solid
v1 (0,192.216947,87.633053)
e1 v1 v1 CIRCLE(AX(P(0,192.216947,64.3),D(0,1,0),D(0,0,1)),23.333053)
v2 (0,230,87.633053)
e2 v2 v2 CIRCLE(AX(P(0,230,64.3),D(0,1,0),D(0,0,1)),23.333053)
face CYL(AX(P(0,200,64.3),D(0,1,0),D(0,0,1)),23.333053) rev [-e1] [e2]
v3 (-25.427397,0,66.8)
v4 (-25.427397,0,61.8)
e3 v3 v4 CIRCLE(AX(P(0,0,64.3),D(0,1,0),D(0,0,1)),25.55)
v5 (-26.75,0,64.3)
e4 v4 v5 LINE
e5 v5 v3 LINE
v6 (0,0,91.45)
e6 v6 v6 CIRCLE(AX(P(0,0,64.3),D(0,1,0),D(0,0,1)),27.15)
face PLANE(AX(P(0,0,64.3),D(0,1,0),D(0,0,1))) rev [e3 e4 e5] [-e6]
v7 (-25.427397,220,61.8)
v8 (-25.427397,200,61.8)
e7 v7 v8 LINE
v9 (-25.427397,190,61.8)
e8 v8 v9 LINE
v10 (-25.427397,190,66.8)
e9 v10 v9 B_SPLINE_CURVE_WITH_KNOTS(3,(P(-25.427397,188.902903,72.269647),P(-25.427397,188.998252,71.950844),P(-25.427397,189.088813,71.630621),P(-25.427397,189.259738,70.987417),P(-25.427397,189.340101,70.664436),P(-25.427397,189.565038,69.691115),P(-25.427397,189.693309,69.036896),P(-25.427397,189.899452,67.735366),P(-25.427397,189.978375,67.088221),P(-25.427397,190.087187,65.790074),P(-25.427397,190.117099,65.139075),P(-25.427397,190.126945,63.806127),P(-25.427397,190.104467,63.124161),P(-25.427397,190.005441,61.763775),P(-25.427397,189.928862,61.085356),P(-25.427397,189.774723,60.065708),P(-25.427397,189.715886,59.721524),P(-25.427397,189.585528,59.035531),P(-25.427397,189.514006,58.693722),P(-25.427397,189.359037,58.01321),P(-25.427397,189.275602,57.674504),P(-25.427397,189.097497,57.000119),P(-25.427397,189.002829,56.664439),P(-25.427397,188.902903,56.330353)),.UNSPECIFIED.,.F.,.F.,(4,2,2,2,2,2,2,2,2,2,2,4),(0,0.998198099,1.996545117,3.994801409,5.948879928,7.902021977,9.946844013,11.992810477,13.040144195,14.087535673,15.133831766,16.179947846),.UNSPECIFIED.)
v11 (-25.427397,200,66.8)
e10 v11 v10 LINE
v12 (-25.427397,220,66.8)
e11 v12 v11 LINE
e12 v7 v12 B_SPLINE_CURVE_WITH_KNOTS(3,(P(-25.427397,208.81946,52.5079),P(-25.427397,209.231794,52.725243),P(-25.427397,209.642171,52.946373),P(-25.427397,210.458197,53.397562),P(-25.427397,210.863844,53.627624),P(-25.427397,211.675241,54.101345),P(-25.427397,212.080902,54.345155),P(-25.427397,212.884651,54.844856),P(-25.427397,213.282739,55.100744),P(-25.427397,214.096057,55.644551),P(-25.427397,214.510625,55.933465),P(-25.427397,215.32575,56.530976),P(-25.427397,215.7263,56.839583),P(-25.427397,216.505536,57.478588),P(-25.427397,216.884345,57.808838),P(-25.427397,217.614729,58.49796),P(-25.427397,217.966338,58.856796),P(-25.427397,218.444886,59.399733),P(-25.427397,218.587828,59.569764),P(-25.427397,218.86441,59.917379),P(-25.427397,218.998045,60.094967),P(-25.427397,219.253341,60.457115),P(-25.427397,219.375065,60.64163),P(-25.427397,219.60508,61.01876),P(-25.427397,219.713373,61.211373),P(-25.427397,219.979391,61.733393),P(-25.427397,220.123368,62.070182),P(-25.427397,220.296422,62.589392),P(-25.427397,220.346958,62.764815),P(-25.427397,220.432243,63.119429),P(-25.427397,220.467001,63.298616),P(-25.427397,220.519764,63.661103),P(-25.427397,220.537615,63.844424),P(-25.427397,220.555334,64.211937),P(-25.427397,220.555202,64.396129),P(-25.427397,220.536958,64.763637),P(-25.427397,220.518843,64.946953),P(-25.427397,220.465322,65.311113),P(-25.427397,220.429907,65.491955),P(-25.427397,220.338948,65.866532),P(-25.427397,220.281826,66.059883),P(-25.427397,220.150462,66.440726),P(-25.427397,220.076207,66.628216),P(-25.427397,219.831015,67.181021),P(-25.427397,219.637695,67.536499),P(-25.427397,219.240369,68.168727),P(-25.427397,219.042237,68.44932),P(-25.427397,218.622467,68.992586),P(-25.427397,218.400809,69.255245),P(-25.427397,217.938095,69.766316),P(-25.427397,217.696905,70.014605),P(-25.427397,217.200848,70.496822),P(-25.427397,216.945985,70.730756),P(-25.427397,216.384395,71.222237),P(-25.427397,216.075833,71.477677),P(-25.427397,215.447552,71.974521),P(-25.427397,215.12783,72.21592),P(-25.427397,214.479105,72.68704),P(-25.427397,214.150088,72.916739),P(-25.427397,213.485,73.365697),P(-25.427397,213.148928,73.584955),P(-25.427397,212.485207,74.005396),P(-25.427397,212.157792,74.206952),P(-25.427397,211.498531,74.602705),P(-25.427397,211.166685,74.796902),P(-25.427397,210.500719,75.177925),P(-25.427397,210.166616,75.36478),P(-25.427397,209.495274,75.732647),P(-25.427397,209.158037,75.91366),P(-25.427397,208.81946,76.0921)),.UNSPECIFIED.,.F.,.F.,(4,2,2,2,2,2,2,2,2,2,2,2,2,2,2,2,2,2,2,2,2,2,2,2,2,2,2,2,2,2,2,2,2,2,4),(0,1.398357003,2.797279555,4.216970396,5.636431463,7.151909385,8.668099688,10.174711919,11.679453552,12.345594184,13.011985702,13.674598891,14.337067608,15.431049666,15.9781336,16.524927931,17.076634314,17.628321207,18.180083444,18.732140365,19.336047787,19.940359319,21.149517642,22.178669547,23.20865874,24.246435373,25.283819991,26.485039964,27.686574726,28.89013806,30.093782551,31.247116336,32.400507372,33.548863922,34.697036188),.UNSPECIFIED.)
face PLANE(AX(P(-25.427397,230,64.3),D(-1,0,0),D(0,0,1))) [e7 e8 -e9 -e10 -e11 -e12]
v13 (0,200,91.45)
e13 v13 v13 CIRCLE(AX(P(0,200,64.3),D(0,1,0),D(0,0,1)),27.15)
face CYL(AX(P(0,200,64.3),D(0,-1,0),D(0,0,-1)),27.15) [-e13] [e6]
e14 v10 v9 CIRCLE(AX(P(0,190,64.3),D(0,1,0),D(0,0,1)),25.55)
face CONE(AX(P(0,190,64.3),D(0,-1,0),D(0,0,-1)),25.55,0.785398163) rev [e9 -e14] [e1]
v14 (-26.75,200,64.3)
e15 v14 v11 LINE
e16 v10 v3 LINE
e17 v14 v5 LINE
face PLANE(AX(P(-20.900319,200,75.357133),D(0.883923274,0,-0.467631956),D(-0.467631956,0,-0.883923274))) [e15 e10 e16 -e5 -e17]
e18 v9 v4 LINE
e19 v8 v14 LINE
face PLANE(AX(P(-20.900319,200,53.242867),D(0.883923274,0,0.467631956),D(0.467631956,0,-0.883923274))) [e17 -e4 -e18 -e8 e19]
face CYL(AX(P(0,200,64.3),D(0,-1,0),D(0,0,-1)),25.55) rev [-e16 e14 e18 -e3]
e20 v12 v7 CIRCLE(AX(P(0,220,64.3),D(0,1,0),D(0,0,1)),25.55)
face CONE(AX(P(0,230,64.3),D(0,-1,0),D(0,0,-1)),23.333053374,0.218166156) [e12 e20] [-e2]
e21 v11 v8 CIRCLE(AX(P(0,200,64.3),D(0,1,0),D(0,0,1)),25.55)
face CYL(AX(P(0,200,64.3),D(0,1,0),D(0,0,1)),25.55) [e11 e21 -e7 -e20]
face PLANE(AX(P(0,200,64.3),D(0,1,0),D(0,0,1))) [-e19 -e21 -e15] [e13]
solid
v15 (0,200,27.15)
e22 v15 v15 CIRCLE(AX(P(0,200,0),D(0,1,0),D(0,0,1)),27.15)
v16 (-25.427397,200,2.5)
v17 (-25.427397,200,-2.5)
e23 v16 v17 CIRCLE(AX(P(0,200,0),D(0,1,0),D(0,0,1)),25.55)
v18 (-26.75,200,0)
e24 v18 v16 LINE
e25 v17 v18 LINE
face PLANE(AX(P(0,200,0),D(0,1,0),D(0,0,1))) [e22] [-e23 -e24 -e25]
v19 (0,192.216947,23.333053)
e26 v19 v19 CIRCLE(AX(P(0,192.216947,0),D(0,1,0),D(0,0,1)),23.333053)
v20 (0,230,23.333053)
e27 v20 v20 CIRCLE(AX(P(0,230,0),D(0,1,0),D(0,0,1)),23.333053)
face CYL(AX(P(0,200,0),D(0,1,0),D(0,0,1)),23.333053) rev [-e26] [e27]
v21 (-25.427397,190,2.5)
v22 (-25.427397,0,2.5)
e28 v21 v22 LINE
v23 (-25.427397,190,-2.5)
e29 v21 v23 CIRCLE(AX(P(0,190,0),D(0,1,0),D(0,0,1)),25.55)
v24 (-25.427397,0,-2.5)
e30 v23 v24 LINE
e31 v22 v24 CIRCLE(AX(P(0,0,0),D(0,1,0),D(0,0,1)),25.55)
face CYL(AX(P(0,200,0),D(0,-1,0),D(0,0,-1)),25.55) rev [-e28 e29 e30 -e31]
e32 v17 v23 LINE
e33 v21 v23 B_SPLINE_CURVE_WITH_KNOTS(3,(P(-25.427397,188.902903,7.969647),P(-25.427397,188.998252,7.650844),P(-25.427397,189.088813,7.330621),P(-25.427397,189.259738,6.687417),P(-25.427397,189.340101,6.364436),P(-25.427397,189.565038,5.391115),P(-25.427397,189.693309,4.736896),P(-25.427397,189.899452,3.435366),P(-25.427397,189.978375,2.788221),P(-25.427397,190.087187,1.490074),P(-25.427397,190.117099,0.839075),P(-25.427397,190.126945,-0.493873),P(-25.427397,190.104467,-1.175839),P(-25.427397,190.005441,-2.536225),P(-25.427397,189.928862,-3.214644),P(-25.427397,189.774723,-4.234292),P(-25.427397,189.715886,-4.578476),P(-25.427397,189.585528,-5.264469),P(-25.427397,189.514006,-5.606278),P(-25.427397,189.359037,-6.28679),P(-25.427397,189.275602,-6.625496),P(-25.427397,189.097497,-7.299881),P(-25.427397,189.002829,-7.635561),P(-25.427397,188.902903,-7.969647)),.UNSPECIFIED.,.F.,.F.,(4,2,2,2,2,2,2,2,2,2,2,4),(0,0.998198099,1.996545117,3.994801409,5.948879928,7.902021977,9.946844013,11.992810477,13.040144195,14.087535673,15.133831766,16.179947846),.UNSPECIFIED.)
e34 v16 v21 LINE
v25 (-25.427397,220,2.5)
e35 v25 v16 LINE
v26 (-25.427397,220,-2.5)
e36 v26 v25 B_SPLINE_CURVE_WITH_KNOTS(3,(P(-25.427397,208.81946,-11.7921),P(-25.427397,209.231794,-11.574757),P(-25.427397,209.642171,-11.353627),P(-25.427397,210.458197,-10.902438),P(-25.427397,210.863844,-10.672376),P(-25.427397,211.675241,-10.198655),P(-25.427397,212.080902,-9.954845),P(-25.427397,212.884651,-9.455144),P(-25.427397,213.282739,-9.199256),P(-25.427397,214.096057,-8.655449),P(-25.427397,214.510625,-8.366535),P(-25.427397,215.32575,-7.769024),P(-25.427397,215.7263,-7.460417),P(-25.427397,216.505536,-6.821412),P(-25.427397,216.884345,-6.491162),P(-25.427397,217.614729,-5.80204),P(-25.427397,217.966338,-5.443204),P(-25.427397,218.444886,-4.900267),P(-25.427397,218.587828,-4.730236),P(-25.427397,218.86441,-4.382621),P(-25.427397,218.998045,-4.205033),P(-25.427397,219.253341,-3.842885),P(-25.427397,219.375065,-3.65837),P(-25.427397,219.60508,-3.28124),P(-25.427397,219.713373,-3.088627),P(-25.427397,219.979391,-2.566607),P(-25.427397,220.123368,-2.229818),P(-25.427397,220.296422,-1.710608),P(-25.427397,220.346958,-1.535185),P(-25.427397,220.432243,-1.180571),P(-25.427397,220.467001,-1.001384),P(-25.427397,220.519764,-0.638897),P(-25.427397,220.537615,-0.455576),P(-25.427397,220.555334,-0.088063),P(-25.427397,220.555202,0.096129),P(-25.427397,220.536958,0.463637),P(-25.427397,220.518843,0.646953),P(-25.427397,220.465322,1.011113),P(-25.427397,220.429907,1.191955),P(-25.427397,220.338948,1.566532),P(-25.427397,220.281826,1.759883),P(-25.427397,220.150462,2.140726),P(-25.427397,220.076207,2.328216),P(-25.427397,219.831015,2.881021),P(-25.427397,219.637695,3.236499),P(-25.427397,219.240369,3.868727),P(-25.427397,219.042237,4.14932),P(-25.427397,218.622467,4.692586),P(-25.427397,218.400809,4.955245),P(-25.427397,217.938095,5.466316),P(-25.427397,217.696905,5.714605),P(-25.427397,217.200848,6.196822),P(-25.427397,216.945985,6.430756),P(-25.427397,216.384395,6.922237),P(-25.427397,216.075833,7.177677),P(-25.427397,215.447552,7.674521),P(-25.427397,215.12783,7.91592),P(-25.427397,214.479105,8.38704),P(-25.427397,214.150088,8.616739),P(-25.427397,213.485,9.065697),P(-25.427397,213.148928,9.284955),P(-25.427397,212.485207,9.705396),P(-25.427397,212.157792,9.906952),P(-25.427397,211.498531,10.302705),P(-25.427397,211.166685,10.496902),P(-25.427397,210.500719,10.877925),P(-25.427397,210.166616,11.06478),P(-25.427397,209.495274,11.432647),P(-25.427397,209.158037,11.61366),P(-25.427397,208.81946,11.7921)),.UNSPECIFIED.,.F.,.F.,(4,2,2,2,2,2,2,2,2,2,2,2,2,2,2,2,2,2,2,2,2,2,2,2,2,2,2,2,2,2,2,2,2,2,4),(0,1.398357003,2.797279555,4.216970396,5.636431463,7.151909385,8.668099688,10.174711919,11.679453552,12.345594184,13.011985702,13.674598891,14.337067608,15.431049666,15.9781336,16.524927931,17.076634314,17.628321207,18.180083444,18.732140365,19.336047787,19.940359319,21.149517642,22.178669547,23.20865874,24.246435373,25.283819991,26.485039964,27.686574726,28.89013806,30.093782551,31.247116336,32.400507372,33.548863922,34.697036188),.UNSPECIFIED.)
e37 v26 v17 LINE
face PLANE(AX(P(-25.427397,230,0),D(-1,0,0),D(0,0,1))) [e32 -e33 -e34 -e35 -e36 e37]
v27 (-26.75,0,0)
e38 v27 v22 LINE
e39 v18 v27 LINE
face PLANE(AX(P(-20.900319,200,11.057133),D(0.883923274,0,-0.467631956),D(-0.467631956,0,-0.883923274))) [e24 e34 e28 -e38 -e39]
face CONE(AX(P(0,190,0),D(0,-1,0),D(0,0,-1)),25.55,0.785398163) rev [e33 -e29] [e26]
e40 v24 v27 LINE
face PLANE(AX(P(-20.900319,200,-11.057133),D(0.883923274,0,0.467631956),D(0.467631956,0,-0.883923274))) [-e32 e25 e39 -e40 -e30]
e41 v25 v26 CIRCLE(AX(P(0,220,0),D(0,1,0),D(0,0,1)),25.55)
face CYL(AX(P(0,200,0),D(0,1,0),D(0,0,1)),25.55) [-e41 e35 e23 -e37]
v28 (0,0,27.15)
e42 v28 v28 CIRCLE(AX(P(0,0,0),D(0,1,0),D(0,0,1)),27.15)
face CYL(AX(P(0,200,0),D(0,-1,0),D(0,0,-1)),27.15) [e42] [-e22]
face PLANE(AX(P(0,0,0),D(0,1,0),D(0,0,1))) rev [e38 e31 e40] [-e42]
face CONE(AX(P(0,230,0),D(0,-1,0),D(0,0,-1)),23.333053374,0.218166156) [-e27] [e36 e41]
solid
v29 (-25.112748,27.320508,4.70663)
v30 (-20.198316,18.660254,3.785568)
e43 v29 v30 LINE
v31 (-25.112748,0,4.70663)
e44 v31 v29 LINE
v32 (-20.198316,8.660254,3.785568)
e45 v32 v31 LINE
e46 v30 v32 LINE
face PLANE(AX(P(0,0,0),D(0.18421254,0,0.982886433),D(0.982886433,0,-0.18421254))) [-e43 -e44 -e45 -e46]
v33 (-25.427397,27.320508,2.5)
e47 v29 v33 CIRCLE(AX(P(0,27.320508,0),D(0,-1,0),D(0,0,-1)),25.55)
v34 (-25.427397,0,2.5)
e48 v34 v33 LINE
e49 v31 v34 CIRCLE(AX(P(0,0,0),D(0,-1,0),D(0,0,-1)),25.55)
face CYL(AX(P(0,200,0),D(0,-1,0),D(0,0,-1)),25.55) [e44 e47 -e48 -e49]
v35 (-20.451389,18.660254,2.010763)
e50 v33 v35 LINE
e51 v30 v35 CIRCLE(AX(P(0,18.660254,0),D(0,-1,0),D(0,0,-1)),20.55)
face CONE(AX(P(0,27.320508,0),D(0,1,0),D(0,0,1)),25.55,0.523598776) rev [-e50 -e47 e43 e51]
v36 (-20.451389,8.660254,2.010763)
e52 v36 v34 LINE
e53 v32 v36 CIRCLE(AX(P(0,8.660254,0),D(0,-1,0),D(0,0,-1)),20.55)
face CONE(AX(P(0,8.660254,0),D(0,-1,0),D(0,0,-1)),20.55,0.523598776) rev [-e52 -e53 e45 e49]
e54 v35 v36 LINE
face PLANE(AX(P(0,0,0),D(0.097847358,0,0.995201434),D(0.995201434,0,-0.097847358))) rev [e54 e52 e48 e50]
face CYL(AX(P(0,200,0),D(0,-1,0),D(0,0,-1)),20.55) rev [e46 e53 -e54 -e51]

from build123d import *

# Parameters (mm, degrees)
SKETCH1_R               = 27.15
MANDREL_DEPTH           = 200
TAB_ANGLE               = 5
CUT_EXTRUDE1_DEPTH      = 234.182857432
CUT_EXTRUDE1_DEPTH_BACK = 234.182857432
LPATTERN1_COUNT         = 2
LPATTERN1_PITCH         = 64.3


with BuildPart() as part:
    # Sketch1 → mandrel (new body)
    with BuildSketch(Plane(origin=(0, 0, 0), x_dir=(1, 0, 0), z_dir=(0, 1, 0))):
        Circle(SKETCH1_R)
        with BuildLine():
            Line((-26.75, 0), (-25.427396642, 2.5))
            ThreePointArc((-25.427396642, 2.5), (25.55, 0), (-25.427396642, -2.5))
            Line((-25.427396642, -2.5), (-26.75, 0))
        make_face(mode=Mode.SUBTRACT)
    extrude(amount=MANDREL_DEPTH)

    # Sketch4 → coupler (revolve)
    with BuildSketch(Plane(origin=(0, 0, 0), x_dir=(-1, 0, 0), z_dir=(0, 0, -1))):
        Polygon((-23.333053374, 192.216946626), (-23.333053374, 230), (-25.55, 220), (-25.55, 190), align=None)
    revolve(axis=Axis((0, 200, 0), (0, -1, 0)))

    # Sketch5 → Cut-Extrude1 (cut, two sides: drawn at the far end of the back side and taken through both)
    with BuildSketch(Plane.XZ.offset(-CUT_EXTRUDE1_DEPTH_BACK)):
        Polygon((-25.427396642, 2.5), (-26.75, 0), (-25.427396642, -2.5), align=None)
    extrude(amount=CUT_EXTRUDE1_DEPTH + CUT_EXTRUDE1_DEPTH_BACK, mode=Mode.SUBTRACT)


with BuildPart() as body_2:
    # Sketch3 → tab (revolve)
    with BuildSketch(Plane(origin=(0, 0, 0), x_dir=(-0.9952014341371682, 0, 0.0978473581213308), z_dir=(-0.0978473581213308, 0, -0.9952014341371682))):
        Polygon((25.55, 0), (20.55, 8.660254038), (20.55, 18.660254038), (25.55, 27.320508076), align=None)
    revolve(axis=Axis((0, 200, 0), (0, 1, 0)), revolution_arc=TAB_ANGLE)


with BuildPart() as lpattern1_1:
    # LPattern1: pattern copy
    add(part.part.moved(Location(Vector(0, 0, 1) * (1 * LPATTERN1_PITCH))))


solid = Compound([part.part, body_2.part, lpattern1_1.part])
